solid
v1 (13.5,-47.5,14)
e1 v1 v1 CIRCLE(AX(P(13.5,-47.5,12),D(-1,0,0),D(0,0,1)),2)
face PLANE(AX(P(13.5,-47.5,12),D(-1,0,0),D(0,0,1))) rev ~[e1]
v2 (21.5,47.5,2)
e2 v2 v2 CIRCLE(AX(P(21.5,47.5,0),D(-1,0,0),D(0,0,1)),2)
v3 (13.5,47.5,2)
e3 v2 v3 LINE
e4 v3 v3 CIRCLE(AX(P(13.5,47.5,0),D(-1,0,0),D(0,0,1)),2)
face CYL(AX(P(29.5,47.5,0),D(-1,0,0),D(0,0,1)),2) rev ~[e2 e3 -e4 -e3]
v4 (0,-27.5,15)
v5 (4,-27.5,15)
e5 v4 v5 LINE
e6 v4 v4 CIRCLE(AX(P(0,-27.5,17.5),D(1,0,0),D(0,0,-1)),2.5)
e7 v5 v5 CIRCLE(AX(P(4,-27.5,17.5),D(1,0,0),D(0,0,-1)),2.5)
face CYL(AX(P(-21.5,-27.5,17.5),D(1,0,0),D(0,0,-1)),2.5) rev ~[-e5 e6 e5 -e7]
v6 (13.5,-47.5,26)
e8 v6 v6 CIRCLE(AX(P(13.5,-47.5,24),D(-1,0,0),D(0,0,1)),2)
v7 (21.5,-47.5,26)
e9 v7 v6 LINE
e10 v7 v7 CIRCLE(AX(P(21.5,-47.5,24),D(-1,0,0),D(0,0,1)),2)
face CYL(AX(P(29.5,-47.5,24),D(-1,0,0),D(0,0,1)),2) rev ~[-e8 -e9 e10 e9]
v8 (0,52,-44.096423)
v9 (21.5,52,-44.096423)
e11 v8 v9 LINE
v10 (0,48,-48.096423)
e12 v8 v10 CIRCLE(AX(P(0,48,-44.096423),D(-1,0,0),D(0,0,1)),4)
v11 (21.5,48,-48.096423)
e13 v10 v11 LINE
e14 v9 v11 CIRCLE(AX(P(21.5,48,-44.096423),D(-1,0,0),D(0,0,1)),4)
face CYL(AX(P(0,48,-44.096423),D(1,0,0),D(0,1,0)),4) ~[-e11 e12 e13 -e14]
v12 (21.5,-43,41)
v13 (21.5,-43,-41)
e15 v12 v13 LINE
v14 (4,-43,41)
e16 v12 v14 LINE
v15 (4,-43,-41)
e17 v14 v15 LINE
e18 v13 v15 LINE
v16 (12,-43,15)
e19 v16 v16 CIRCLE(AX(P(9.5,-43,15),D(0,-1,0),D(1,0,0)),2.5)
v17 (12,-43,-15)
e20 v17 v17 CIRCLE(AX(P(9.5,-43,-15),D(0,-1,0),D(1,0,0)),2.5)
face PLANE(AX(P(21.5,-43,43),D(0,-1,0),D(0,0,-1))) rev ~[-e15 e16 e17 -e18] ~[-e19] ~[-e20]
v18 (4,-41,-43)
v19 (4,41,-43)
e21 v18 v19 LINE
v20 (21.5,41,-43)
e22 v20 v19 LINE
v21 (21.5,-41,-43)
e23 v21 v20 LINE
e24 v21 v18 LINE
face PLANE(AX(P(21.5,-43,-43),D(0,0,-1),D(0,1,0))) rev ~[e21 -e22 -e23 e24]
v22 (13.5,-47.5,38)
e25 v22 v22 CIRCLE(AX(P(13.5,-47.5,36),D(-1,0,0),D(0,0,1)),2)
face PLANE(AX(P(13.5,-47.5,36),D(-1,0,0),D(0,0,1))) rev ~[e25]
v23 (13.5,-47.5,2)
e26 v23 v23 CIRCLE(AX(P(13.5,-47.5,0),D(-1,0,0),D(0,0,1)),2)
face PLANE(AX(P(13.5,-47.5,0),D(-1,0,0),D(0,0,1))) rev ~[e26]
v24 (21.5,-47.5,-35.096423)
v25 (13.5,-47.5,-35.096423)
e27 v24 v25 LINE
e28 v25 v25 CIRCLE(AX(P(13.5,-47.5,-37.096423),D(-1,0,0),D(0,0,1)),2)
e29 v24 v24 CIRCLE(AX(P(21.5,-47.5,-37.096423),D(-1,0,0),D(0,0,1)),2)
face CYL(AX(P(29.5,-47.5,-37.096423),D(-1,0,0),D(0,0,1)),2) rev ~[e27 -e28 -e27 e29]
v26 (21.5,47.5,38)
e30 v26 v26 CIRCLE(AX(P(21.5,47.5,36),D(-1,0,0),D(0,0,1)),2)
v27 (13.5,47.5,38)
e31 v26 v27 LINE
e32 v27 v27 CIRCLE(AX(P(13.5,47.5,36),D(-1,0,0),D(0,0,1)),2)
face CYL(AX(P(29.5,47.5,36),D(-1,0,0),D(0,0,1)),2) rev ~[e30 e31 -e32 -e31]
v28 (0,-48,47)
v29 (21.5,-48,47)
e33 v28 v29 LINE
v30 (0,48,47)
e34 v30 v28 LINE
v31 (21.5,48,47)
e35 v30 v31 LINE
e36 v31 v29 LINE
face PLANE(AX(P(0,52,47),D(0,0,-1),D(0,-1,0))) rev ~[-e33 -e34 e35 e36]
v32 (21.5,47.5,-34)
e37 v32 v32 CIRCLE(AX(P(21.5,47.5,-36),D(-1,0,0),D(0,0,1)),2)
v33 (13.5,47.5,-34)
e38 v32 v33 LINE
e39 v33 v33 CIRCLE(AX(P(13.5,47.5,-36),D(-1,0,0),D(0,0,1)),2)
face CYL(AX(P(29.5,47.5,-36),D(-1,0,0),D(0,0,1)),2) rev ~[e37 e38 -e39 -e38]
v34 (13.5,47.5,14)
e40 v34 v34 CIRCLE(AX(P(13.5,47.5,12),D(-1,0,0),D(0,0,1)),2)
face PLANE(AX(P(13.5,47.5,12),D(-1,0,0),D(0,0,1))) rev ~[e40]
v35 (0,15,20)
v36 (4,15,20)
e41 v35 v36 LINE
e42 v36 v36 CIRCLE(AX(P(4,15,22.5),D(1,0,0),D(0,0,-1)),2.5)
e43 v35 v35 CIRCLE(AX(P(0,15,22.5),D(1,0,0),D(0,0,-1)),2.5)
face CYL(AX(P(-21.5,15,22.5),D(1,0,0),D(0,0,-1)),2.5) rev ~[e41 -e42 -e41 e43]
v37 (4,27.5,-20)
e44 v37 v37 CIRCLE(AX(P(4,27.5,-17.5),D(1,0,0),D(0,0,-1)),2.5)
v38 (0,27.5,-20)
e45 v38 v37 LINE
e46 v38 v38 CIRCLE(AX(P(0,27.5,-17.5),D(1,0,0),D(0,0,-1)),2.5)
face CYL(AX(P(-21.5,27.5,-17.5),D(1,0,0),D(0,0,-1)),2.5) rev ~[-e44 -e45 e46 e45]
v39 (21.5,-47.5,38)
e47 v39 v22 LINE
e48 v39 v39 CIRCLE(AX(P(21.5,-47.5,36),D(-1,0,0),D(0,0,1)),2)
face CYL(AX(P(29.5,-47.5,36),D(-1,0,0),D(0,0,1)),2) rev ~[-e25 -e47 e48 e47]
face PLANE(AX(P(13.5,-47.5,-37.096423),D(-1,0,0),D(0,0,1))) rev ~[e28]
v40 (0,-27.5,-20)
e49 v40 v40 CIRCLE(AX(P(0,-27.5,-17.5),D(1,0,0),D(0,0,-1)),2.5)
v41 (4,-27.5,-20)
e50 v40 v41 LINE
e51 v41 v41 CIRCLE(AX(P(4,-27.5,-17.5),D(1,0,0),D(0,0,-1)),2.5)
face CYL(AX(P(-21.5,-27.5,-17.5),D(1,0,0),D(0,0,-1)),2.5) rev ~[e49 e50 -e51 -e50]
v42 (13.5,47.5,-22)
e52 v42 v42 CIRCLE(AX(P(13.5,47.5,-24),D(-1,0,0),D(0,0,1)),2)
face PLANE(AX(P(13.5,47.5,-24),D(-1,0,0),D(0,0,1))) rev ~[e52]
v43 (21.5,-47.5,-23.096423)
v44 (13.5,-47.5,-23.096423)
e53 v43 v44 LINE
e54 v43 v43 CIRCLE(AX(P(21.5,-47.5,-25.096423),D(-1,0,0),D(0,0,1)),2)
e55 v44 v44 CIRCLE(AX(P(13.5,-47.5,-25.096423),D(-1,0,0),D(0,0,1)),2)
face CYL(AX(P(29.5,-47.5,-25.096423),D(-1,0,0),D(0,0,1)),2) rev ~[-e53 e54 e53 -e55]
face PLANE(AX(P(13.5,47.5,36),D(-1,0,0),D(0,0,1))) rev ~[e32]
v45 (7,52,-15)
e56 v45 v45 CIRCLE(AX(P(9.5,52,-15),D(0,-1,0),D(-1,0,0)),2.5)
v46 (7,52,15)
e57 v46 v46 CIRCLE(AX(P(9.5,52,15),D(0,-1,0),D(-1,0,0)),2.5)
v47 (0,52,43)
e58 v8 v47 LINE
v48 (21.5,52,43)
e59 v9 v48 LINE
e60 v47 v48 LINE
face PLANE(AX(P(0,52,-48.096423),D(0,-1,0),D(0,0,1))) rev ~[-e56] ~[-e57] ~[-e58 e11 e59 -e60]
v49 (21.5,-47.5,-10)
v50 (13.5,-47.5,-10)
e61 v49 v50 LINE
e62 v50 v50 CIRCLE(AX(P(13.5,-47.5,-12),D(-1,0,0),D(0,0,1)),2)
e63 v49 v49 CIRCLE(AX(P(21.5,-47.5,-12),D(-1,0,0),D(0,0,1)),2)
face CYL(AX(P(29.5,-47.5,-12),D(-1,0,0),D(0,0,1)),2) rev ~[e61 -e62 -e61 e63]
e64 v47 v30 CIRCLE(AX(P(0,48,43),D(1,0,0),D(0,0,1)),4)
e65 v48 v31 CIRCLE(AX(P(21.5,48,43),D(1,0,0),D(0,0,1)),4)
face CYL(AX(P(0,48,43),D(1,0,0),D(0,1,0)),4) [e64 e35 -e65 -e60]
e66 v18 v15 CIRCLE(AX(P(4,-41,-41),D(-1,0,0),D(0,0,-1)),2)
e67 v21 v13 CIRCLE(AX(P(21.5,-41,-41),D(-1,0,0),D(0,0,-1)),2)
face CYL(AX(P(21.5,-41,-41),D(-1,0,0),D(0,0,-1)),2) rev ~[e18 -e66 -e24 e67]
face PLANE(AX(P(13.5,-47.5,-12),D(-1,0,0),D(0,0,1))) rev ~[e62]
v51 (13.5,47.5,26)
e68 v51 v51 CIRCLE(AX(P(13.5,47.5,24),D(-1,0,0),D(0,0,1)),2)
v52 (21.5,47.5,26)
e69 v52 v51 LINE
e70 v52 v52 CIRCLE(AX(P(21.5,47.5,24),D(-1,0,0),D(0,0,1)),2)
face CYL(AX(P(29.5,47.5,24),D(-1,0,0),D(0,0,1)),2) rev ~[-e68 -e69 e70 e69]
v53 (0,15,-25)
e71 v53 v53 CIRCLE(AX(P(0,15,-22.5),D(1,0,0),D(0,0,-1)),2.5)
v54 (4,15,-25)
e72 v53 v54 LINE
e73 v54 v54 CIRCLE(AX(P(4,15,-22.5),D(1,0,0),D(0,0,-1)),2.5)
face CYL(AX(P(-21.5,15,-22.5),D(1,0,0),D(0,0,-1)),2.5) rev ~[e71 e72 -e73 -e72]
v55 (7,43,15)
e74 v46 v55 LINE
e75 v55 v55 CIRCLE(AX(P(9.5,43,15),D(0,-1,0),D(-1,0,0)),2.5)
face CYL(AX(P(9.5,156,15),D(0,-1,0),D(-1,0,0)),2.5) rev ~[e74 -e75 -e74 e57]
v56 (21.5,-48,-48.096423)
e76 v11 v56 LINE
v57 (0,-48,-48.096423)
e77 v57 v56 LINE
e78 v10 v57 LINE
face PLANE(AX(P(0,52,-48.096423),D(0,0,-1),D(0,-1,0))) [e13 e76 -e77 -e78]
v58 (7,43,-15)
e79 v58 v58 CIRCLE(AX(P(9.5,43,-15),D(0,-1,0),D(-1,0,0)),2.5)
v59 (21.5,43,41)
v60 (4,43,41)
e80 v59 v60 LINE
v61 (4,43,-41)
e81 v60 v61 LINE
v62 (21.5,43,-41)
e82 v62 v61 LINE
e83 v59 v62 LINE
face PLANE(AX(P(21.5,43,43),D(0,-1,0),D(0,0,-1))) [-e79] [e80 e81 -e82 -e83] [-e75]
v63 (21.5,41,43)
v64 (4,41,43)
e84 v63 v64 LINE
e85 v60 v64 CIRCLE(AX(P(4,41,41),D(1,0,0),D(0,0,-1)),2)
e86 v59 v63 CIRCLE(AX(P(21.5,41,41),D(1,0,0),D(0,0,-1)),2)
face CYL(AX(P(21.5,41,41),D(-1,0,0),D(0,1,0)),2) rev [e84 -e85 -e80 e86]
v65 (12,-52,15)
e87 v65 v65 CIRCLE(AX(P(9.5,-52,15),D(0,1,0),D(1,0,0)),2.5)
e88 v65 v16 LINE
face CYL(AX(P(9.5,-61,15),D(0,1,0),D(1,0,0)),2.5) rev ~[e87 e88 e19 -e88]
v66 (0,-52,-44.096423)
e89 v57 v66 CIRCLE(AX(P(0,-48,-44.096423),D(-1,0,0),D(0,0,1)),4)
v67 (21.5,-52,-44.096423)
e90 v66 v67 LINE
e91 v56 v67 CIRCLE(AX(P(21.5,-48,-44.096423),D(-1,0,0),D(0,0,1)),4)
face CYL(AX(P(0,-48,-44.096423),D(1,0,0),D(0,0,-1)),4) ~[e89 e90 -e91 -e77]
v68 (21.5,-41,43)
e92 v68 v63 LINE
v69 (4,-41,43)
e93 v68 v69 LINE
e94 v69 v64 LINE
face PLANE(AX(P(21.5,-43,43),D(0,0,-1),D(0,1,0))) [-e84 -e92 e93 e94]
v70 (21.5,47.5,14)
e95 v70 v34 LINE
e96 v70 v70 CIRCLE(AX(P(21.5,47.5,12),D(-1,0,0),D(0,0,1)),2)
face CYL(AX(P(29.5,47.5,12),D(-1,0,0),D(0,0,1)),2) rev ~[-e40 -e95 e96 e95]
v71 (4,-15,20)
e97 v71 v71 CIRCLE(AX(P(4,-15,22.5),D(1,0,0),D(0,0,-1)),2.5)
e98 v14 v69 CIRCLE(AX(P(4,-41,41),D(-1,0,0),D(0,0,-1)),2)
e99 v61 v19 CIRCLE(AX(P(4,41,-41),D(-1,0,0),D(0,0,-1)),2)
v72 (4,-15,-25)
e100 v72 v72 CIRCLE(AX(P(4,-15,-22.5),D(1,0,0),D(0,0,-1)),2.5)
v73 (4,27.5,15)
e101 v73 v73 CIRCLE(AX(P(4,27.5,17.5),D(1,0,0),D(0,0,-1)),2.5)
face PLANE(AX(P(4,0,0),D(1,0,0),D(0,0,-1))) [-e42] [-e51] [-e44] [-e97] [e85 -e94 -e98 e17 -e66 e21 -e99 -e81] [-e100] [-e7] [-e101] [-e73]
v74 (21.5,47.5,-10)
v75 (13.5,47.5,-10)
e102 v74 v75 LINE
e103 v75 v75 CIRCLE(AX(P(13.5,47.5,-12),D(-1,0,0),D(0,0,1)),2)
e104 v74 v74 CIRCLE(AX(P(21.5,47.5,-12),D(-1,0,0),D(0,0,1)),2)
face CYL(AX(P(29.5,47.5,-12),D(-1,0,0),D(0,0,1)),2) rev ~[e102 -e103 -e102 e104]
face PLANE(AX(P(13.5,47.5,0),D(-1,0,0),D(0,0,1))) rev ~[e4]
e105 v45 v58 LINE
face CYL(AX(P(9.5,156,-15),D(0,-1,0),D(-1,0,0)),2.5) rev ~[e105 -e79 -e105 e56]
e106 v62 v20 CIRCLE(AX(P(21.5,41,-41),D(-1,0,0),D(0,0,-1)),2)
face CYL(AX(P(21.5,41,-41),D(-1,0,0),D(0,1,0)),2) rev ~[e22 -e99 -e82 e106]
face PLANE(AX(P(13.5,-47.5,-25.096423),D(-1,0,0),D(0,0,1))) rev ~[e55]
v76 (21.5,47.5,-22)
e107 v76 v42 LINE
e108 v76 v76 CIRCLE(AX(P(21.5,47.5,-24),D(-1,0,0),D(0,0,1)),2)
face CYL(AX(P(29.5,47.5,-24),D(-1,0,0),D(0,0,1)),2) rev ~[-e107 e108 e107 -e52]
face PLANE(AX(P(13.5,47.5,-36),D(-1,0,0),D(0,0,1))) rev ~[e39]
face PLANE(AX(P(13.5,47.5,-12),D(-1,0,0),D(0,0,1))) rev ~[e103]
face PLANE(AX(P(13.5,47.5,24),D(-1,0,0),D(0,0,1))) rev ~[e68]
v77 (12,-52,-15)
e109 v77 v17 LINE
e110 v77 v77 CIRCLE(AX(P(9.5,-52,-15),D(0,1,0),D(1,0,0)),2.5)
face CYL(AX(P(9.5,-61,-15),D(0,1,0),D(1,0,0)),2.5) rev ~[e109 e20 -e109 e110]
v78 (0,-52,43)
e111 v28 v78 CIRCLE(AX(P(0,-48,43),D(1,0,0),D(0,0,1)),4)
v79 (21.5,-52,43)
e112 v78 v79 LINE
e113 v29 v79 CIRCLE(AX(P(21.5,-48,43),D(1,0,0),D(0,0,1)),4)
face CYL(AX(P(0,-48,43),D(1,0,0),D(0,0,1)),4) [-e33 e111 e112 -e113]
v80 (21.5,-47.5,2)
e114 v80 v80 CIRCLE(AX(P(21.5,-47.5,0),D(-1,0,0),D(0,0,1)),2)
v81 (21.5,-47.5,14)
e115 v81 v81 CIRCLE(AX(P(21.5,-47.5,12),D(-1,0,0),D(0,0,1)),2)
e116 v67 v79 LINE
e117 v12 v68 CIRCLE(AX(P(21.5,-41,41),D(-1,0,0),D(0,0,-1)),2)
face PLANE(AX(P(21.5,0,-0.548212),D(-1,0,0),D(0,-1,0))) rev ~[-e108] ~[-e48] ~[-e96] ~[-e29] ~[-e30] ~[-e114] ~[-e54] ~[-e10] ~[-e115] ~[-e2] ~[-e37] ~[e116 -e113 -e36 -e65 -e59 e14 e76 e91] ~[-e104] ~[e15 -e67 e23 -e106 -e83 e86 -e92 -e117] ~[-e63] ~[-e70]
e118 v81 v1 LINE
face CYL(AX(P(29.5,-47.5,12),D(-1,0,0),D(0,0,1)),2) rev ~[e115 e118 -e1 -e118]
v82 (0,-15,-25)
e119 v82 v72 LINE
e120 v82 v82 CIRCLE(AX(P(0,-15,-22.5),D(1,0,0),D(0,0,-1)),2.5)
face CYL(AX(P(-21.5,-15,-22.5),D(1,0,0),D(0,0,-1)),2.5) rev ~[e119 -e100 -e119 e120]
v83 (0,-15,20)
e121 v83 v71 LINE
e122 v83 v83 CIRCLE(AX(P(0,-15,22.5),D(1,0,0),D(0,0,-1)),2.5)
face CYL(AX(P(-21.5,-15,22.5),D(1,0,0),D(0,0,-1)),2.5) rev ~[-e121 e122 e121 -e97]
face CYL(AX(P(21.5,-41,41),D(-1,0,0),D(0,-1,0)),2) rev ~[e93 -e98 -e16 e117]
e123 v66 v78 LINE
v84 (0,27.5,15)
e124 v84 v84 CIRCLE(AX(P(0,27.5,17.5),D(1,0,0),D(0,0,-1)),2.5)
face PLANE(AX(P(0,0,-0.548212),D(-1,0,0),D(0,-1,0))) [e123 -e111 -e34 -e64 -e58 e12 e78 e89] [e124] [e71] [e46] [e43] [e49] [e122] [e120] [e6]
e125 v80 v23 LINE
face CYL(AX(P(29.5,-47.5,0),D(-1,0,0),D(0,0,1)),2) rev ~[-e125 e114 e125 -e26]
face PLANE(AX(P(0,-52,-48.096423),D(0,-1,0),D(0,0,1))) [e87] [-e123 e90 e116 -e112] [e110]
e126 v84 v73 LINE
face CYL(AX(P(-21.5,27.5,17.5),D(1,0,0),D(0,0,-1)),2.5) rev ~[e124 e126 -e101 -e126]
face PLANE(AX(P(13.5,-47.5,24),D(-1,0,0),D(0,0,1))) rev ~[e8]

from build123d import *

# Parameters (mm, degrees)
SKETCH_1_W                = 104
SKETCH_1_H                = 95.096423431
EXTRUDE_1_DEPTH           = 21.5
SKETCH_2_W                = 86
SKETCH_2_H                = 86
CUT_EXTRUDE_1_DEPTH       = 17.5
HOLE_WIZARD_4_0_4_1_D     = 4
HOLE_WIZARD_4_0_4_1_DEPTH = 8
HOLE_WIZARD_5_0_5_1_D     = 5
HOLE_WIZARD_5_0_5_1_DEPTH = 9
HOLE_WIZARD_5_0_5_2_D     = 5
HOLE_WIZARD_5_0_5_2_DEPTH = 21.5
HOLE_WIZARD_5_0_5_3_D     = 5
HOLE_WIZARD_5_0_5_3_DEPTH = 104
FILLET_1_R                = 2
FILLET_2_R                = 4


with BuildPart() as part:
    # 草图1 → 凸台-拉伸1 (new body)
    with BuildSketch(Plane(origin=(0, 0, 0), x_dir=(0, -1, 0), z_dir=(-1, 0, 0))):
        with Locations((0, -0.548211716)):
            Rectangle(SKETCH_1_W, SKETCH_1_H)
    extrude(amount=-EXTRUDE_1_DEPTH)

    # 草图2 → 切除-拉伸1 (cut)
    with BuildSketch(Plane(origin=(21.5, 0, 0), x_dir=(0, 0, -1), z_dir=(1, 0, 0))):
        Rectangle(SKETCH_2_W, SKETCH_2_H)
    extrude(amount=-CUT_EXTRUDE_1_DEPTH, mode=Mode.SUBTRACT)

    # Ø4.0 (4) 直径孔1
    with Locations(Plane(origin=(21.5, 0, 0), x_dir=(0, 0, -1), z_dir=(1, 0, 0))):
        with Locations((0, 47.5), (12, 47.5), (24, 47.5), (-12, 47.5), (-24, 47.5), (0, -47.5), (12, -47.5), (25.096423431, -47.5), (-12, -47.5), (-24, -47.5), (36, 47.5), (37.096423431, -47.5), (-36, -47.5), (-36, 47.5)):
            Hole(HOLE_WIZARD_4_0_4_1_D / 2, depth=HOLE_WIZARD_4_0_4_1_DEPTH)

    # Ø5.0 (5) 直径孔1
    with Locations(Plane(origin=(0, -52, 0), x_dir=(-1, 0, 0), z_dir=(0, -1, 0))):
        with Locations((-9.5, 15), (-9.5, -15)):
            Hole(HOLE_WIZARD_5_0_5_1_D / 2, depth=HOLE_WIZARD_5_0_5_1_DEPTH)

    # Ø5.0 (5) 直径孔2
    with Locations(Plane.ZY):
        with Locations((-17.5, -27.5), (-17.5, 27.5), (17.5, 27.5), (17.5, -27.5), (-22.5, -15), (-22.5, 15), (22.5, 15), (22.5, -15)):
            Hole(HOLE_WIZARD_5_0_5_2_D / 2, depth=HOLE_WIZARD_5_0_5_2_DEPTH)

    # Ø5.0 (5) 直径孔3
    with Locations(Plane(origin=(0, 52, 0), x_dir=(1, 0, 0), z_dir=(0, 1, 0))):
        with Locations((9.5, -15), (9.5, 15)):
            Hole(HOLE_WIZARD_5_0_5_3_D / 2, depth=HOLE_WIZARD_5_0_5_3_DEPTH)

    # 圆角1
    fillet_1_edges = [part.edges().sort_by_distance(p)[0] for p in [
        (12.75, -43, -43),
        (12.75, -43, 43),
        (12.75, 43, 43),
        (12.75, 43, -43),
    ]]
    fillet(fillet_1_edges, radius=FILLET_1_R)

    # 圆角2
    fillet_2_edges = [part.edges().sort_by_distance(p)[0] for p in [
        (10.75, -52, 47),
        (10.75, -52, -48.096423431),
        (10.75, 52, -48.096423431),
        (10.75, 52, 47),
    ]]
    fillet(fillet_2_edges, radius=FILLET_2_R)


solid = part.part
